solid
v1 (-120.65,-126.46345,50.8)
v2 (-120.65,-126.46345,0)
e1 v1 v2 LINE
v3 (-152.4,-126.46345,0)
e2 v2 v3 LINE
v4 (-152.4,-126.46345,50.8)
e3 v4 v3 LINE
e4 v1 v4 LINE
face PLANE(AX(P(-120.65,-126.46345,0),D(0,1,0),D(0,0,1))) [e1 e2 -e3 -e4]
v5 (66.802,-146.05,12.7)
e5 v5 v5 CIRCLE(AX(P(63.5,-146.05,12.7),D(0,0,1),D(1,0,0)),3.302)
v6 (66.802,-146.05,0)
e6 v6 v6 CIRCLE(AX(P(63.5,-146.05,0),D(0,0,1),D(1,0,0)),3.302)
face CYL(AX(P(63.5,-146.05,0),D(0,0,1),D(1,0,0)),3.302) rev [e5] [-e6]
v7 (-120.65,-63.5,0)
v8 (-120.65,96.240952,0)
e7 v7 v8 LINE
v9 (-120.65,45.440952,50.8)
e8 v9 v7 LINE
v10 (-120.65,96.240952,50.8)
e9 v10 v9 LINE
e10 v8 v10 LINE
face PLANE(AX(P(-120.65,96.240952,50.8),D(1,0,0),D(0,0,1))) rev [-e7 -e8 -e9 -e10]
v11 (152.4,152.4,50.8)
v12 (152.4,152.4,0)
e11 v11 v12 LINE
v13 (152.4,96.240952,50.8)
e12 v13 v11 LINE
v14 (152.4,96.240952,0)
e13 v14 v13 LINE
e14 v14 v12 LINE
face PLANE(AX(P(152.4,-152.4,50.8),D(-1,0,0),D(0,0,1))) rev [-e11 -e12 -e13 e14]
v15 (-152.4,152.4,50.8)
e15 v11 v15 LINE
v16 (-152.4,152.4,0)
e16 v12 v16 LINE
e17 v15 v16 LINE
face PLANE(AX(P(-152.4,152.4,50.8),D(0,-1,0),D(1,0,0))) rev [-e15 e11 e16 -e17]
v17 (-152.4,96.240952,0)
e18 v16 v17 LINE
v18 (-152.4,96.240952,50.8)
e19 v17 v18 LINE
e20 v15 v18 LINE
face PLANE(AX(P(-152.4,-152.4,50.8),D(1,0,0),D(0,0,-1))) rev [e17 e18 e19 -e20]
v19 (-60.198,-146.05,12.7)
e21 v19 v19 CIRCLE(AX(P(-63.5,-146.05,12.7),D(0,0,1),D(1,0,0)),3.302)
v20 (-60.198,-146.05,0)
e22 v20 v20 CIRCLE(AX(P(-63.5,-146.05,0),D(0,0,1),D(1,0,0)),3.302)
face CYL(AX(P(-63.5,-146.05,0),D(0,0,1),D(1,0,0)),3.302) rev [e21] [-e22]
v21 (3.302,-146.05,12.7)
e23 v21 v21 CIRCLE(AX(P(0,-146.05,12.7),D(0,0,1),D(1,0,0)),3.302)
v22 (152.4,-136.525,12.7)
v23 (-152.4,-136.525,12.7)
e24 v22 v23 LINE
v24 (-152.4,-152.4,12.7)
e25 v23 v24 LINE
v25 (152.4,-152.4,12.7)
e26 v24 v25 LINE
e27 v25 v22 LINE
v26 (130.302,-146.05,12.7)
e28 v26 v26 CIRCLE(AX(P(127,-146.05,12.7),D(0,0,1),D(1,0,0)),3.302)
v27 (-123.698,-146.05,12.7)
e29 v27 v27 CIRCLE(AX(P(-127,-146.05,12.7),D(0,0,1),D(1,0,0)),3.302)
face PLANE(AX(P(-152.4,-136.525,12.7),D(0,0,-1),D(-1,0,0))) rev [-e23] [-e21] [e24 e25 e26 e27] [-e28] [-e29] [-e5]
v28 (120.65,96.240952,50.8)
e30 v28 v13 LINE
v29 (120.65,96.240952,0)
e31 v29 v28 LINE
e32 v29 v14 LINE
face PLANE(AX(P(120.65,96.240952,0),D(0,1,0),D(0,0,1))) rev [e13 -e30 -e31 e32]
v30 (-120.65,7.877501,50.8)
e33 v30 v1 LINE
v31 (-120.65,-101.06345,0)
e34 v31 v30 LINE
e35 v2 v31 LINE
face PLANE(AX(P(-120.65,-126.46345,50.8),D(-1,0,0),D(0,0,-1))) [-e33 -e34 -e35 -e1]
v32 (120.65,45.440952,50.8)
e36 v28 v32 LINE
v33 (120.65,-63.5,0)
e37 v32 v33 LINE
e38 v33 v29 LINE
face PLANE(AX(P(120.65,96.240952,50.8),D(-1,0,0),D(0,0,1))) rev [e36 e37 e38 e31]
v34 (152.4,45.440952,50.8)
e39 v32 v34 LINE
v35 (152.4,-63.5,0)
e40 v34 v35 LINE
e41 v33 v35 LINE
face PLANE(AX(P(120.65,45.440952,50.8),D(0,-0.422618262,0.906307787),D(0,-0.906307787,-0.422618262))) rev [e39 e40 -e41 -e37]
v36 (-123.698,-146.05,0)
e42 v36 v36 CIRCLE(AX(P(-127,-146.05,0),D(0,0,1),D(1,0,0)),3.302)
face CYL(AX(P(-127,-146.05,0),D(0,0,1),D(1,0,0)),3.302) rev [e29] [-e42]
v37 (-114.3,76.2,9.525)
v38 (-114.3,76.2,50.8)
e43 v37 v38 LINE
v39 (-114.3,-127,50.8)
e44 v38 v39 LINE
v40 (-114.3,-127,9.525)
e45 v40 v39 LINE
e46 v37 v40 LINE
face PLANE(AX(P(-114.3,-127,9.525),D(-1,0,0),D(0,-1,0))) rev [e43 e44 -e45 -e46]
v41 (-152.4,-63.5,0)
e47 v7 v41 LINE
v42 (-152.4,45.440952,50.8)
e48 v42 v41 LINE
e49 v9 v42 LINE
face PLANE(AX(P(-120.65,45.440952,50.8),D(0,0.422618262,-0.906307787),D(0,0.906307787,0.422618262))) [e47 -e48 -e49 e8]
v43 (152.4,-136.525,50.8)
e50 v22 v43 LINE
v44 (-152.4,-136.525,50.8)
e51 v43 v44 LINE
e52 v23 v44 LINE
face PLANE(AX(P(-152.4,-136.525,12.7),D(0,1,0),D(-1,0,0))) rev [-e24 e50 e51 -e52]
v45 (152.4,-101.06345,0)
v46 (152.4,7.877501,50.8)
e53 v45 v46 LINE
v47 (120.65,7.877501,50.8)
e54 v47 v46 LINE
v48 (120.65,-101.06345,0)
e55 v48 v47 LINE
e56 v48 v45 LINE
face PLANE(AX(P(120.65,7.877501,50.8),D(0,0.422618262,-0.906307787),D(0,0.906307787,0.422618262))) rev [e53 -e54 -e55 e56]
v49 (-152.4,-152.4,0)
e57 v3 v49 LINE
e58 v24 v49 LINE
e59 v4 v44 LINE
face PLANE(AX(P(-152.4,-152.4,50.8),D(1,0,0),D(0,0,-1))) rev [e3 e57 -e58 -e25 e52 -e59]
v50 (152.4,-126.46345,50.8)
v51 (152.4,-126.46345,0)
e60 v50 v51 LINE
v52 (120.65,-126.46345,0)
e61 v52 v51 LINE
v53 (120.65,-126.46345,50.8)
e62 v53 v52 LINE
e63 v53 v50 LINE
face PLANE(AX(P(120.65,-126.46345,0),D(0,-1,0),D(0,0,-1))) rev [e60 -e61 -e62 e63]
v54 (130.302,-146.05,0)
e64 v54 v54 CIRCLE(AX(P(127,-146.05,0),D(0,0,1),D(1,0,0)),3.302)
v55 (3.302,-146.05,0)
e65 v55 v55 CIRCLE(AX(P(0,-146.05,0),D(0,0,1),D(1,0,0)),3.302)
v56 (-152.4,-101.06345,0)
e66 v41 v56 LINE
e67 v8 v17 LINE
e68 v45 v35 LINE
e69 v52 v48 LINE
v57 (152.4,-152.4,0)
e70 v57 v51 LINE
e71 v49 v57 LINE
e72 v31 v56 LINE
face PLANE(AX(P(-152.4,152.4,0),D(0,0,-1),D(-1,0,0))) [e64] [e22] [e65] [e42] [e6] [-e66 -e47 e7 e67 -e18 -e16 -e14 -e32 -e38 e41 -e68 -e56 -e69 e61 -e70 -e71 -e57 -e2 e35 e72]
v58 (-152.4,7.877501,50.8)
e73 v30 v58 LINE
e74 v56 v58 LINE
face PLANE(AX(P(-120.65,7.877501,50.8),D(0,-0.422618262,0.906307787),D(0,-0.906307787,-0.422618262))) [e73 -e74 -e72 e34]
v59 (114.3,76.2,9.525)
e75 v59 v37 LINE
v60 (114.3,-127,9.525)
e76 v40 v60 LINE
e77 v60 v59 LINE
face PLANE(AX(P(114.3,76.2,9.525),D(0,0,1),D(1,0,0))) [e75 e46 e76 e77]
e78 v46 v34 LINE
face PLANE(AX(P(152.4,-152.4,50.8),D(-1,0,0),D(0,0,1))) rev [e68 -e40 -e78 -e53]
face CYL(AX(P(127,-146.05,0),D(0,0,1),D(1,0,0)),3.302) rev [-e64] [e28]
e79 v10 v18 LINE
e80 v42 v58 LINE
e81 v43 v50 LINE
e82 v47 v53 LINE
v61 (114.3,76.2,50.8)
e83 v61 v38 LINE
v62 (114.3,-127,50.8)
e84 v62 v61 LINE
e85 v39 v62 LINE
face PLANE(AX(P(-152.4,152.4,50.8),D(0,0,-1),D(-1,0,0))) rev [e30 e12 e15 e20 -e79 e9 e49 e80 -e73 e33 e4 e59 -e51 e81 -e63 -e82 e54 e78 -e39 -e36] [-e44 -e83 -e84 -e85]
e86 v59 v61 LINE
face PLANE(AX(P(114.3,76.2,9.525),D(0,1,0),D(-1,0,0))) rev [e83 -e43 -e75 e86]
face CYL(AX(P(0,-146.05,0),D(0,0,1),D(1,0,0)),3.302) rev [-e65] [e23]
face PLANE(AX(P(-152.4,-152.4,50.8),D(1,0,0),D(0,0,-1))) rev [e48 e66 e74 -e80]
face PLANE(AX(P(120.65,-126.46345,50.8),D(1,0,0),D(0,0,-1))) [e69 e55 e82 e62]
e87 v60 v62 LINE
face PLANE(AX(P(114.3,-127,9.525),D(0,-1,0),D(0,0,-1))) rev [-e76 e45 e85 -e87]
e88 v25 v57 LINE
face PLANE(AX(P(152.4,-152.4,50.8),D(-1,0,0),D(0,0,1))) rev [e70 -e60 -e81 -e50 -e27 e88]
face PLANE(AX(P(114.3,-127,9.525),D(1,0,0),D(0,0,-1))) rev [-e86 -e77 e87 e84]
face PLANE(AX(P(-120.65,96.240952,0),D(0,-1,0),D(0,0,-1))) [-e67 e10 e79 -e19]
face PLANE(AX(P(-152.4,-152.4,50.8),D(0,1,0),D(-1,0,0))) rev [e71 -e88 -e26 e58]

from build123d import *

# Parameters (mm, degrees)
SKETCH1_W                  = 304.8
SKETCH1_H                  = 304.8
BLANK_DEPTH                = 50.8
SKETCH2_W                  = 228.6
SKETCH2_H                  = 203.2
ROUGH_BATTERY_CAVITY_DEPTH = 41.275
SKETCH3_W                  = 304.8
SKETCH3_H                  = 15.875
BUMPER_RAIL_DEPTH          = 38.1
SKETCH4_R                  = 3.302
BUMPER_RAIL_HOLES_DEPTH    = 219.867836833
DRIVE_MOTOR_RAIL_DEPTH     = 31.75


with BuildPart() as part:
    # Sketch1 → Blank (new body)
    with BuildSketch(Plane.XY):
        Rectangle(SKETCH1_W, SKETCH1_H)
    extrude(amount=BLANK_DEPTH)

    # Sketch2 → Rough battery cavity (cut)
    with BuildSketch(Plane.XY.offset(50.8)):
        with Locations((0, -25.4)):
            Rectangle(SKETCH2_W, SKETCH2_H)
    extrude(amount=-ROUGH_BATTERY_CAVITY_DEPTH, mode=Mode.SUBTRACT)

    # Sketch3 → Bumper rail (cut)
    with BuildSketch(Plane.XY.offset(50.8)):
        with Locations((0, -144.4625)):
            Rectangle(SKETCH3_W, SKETCH3_H)
    extrude(amount=-BUMPER_RAIL_DEPTH, mode=Mode.SUBTRACT)

    # Sketch4 → Bumper rail holes (cut, through all)
    with BuildSketch(Plane.XY.offset(12.7)):
        with Locations((-127, -146.05)):
            Circle(SKETCH4_R)
        with Locations((127, -146.05)):
            Circle(SKETCH4_R)
        with Locations((-63.5, -146.05)):
            Circle(SKETCH4_R)
        with Locations((0, -146.05)):
            Circle(SKETCH4_R)
        with Locations((63.5, -146.05)):
            Circle(SKETCH4_R)
    extrude(amount=-BUMPER_RAIL_HOLES_DEPTH, mode=Mode.SUBTRACT)

    # Sketch5 → Drive motor rail (cut)
    with BuildSketch(Plane(origin=(152.4, 0, 0), x_dir=(0, 0, -1), z_dir=(1, 0, 0))):
        Polygon((-50.8, 45.440951562), (0, -63.5), (0, 96.240951562), (-50.8, 96.240951562), align=None)
        Polygon((-50.8, 7.877501429), (0, -101.063450133), (0, -126.463450133), (-50.8, -126.463450133), align=None)
    drive_motor_rail = extrude(amount=-DRIVE_MOTOR_RAIL_DEPTH, mode=Mode.SUBTRACT)

    # Drive motor rail mirror: Drive motor rail across plane
    add(drive_motor_rail.mirror(Plane(origin=(0, 0, 0), x_dir=(0, 0, 1), z_dir=(1, 0, 0))), mode=Mode.SUBTRACT)


solid = part.part
